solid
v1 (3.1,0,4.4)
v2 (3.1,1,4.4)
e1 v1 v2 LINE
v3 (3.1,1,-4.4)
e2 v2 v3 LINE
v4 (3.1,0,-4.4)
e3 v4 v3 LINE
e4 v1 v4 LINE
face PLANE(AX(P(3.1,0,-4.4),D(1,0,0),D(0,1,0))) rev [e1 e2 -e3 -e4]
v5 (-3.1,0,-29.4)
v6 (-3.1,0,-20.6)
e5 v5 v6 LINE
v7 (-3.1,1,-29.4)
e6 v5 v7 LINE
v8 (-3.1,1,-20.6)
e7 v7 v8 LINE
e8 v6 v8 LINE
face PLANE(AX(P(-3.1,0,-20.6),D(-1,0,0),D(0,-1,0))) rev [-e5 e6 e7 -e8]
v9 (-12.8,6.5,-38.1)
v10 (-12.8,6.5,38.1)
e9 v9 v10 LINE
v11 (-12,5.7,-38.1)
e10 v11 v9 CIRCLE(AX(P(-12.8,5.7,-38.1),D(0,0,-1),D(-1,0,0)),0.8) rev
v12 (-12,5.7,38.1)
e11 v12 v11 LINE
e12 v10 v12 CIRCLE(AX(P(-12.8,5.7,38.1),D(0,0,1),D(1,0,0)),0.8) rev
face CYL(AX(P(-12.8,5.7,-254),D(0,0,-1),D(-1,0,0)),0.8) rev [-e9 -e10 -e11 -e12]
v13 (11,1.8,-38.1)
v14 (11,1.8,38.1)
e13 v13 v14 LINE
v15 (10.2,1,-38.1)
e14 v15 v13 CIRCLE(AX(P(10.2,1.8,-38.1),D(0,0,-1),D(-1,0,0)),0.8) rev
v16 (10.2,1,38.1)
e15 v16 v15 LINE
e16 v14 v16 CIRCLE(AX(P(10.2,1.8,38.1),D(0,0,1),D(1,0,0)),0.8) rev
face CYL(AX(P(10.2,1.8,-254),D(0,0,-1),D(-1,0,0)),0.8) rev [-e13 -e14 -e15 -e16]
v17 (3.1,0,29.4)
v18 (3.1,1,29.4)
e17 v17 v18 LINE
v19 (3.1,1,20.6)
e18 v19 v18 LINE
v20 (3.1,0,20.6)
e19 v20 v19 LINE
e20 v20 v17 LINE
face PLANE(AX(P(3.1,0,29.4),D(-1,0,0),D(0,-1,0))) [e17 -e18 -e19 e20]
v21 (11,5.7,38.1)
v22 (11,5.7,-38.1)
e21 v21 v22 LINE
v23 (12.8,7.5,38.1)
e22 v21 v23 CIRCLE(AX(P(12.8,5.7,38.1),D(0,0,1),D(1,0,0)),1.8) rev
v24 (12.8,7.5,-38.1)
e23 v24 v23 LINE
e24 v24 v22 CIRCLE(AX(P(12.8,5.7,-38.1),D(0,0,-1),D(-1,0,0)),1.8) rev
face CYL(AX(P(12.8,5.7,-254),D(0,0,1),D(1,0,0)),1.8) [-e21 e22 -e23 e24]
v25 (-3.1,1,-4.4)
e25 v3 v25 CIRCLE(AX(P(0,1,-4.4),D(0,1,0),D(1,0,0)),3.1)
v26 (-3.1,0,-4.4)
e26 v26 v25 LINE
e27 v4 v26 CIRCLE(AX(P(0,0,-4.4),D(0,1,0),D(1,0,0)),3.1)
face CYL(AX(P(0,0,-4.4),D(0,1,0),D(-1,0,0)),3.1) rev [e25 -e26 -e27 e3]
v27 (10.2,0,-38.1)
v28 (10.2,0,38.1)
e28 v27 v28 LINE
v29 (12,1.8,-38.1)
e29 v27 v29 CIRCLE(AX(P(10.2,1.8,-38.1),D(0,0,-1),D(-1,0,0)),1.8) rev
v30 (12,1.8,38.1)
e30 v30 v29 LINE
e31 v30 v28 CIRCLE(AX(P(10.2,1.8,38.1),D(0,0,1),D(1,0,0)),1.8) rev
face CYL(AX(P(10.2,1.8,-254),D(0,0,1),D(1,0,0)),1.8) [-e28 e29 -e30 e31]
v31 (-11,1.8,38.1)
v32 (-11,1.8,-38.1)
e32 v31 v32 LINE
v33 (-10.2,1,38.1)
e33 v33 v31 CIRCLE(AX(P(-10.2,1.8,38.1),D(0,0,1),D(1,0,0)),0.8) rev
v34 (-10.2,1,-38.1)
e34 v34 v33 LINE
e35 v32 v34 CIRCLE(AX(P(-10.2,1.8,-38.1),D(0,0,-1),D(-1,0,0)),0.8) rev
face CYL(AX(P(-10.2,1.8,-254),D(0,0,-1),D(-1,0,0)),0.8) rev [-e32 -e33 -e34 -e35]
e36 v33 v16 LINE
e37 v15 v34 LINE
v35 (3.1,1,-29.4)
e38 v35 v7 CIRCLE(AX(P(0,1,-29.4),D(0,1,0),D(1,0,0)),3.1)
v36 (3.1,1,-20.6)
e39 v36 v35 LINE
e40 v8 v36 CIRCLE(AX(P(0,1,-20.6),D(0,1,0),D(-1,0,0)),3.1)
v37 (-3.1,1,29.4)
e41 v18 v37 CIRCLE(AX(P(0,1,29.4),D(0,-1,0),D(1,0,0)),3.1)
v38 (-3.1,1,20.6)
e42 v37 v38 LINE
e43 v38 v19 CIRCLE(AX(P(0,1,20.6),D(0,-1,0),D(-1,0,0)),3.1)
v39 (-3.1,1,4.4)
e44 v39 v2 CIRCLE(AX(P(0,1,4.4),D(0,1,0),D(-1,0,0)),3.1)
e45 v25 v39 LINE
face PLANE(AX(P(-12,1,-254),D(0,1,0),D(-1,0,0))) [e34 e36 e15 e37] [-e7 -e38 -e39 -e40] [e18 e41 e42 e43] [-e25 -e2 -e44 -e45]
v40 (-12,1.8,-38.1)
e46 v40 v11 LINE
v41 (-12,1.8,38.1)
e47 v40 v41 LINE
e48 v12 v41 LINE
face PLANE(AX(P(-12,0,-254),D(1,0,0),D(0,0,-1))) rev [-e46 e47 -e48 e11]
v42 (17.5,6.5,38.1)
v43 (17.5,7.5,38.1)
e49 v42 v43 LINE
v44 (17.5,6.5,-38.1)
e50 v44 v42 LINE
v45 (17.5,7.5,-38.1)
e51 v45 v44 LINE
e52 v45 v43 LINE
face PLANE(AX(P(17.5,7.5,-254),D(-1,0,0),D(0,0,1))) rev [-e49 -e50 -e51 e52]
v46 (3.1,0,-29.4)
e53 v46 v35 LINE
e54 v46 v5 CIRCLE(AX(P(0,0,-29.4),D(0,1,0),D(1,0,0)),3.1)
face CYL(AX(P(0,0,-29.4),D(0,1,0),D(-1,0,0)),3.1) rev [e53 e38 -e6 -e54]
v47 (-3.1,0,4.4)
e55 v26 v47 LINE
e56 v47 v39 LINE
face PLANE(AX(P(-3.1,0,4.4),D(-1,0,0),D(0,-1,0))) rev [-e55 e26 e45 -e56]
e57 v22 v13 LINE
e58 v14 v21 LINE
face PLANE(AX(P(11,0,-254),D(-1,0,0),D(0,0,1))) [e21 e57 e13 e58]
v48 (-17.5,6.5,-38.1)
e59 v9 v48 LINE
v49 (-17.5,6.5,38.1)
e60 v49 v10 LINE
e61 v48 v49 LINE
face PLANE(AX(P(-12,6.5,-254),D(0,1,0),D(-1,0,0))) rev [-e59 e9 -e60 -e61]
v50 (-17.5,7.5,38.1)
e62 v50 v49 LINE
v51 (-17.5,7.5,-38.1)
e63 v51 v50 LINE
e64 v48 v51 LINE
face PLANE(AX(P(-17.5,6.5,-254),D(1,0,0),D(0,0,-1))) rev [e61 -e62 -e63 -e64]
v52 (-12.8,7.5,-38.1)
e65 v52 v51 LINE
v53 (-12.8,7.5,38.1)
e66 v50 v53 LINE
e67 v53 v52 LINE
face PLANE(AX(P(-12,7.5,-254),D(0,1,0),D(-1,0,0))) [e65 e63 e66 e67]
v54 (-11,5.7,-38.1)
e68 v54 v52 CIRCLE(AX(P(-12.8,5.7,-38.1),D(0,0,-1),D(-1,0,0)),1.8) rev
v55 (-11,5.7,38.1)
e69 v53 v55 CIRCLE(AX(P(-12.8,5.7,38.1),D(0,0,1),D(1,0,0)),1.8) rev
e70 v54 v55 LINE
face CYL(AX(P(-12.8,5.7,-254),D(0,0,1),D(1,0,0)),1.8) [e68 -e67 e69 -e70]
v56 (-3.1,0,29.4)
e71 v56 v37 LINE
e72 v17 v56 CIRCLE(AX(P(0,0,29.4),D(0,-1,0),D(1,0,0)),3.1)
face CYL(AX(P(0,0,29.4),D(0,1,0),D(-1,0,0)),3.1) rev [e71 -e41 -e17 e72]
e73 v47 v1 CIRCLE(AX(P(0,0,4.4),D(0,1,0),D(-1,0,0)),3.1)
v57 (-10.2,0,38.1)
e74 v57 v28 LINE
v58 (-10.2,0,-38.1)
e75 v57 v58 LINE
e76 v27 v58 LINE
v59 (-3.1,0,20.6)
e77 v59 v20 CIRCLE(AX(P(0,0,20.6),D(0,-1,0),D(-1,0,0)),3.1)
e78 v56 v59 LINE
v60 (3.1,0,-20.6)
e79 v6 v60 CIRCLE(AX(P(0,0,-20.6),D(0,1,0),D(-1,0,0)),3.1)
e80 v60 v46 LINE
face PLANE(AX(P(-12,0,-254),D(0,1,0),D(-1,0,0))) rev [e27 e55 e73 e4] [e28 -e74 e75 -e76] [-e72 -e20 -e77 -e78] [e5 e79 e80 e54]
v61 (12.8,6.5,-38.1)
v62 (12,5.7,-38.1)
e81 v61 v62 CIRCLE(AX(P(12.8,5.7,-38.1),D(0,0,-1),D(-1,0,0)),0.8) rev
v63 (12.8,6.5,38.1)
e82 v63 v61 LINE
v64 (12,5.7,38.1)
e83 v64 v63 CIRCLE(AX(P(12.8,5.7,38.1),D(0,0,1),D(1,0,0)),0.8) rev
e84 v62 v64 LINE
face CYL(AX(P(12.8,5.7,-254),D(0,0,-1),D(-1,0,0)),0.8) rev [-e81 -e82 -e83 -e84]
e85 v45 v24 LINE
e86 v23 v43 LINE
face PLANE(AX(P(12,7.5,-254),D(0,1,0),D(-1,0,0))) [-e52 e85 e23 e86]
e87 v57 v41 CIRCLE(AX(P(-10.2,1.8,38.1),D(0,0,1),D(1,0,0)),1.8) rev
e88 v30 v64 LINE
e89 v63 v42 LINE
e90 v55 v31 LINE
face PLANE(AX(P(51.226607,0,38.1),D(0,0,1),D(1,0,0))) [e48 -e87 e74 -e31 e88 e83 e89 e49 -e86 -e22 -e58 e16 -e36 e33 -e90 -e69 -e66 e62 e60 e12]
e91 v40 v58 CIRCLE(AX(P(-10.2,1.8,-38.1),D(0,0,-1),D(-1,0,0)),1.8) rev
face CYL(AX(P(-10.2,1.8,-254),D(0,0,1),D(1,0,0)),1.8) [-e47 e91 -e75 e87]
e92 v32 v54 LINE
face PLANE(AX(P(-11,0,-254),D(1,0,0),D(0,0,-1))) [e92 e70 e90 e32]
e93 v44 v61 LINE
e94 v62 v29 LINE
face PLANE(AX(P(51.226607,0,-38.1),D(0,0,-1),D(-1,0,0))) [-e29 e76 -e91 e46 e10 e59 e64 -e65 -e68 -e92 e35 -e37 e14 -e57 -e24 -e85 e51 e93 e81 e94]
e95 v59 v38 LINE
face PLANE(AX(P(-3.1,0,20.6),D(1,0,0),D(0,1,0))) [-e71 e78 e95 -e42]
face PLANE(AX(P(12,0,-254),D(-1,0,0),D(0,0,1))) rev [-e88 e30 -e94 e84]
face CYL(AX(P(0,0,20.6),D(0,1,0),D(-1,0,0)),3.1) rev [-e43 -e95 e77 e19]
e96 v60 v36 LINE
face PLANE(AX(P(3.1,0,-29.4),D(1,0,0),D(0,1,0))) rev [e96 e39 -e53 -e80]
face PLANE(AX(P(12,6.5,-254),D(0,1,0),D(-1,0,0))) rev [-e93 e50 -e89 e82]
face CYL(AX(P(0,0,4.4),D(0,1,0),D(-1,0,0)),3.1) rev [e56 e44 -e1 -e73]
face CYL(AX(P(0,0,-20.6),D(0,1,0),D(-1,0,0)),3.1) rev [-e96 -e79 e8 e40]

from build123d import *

# Parameters (mm, degrees)
BASE_EXTRUDE_THIN_DEPTH = 254
FILLET1_R               = 0.8
FILLET2_R               = 1.8
CUT_EXTRUDE1_DEPTH      = 255.685099682
LPATTERN1_COUNT         = 10
LPATTERN1_PITCH         = 25
MIRROR1_COPY_1_DEPTH    = 255.685099682
MIRROR1_COPY_2_DEPTH    = 255.685099682
MIRROR1_COPY_3_DEPTH    = 255.685099682
MIRROR1_COPY_4_DEPTH    = 255.685099682
MIRROR1_COPY_5_DEPTH    = 255.685099682
MIRROR1_COPY_6_DEPTH    = 255.685099682
MIRROR1_COPY_7_DEPTH    = 255.685099682
MIRROR1_COPY_8_DEPTH    = 255.685099682
MIRROR1_COPY_9_DEPTH    = 255.685099682
MIRROR1_COPY_10_DEPTH   = 255.685099682
SKETCH3_OUTSIDE_W       = 138.852
SKETCH3_OUTSIDE_H       = 611.852
SKETCH3_OUTSIDE_W_2     = 99.454563768
SKETCH3_OUTSIDE_H_2     = 76.2
CUT_EXTRUDE2_3_DEPTH    = 255.712583121


with BuildPart() as part:
    # Sketch1 → Base-Extrude-Thin (new, symmetric)
    with BuildSketch(Plane.XY):
        Polygon((-17.5, 6.5), (-12, 6.5), (-12, 0), (12, 0), (12, 6.5), (17.5, 6.5), (17.5, 7.5), (11, 7.5), (11, 1), (-11, 1), (-11, 7.5), (-17.5, 7.5), align=None)
    extrude(amount=BASE_EXTRUDE_THIN_DEPTH, both=True)

    # Fillet1
    fillet1_edges = [part.edges().sort_by_distance(p)[0] for p in [
        (-11, 1, 0),
        (11, 1, 0),
        (12, 6.5, 0),
        (-12, 6.5, 0),
    ]]
    fillet(fillet1_edges, radius=FILLET1_R)

    # Fillet2
    fillet2_edges = [part.edges().sort_by_distance(p)[0] for p in [
        (-11, 7.5, 0),
        (11, 7.5, 0),
        (12, 0, 0),
        (-12, 0, 0),
    ]]
    fillet(fillet2_edges, radius=FILLET2_R)

    # Sketch2 → Cut-Extrude1 (cut, through all)
    with BuildSketch(Plane(origin=(0, 1, 0), x_dir=(-1, 0, 0), z_dir=(0, 1, 0))):
        with BuildLine():
            Line((3.1, 4.4), (3.1, -4.4))
            ThreePointArc((3.1, -4.4), (0, -7.5), (-3.1, -4.4))
            Line((-3.1, -4.4), (-3.1, 4.4))
            ThreePointArc((-3.1, 4.4), (0, 7.5), (3.1, 4.4))
        make_face()
    cut_extrude1 = extrude(amount=-CUT_EXTRUDE1_DEPTH, mode=Mode.SUBTRACT)

    # LPattern1: Cut-Extrude1 ×10
    with Locations(*[(0, 0, -i * LPATTERN1_PITCH) for i in range(1, LPATTERN1_COUNT)]):
        add(cut_extrude1, mode=Mode.SUBTRACT)

    # Mirror1 copy 1 sketch → Mirror1 copy 1 (cut, through all)
    with BuildSketch(Plane(origin=(0, 1, 25), x_dir=(-1, 0, 0), z_dir=(0, 1, 0))):
        with BuildLine():
            Line((3.1, -4.4), (3.1, 4.4))
            ThreePointArc((3.1, 4.4), (0, 7.5), (-3.1, 4.4))
            Line((-3.1, 4.4), (-3.1, -4.4))
            ThreePointArc((-3.1, -4.4), (0, -7.5), (3.1, -4.4))
        make_face()
    extrude(amount=-MIRROR1_COPY_1_DEPTH, mode=Mode.SUBTRACT)

    # Mirror1 copy 2 sketch → Mirror1 copy 2 (cut, through all)
    with BuildSketch(Plane(origin=(0, 1, 50), x_dir=(-1, 0, 0), z_dir=(0, 1, 0))):
        with BuildLine():
            Line((3.1, -4.4), (3.1, 4.4))
            ThreePointArc((3.1, 4.4), (0, 7.5), (-3.1, 4.4))
            Line((-3.1, 4.4), (-3.1, -4.4))
            ThreePointArc((-3.1, -4.4), (0, -7.5), (3.1, -4.4))
        make_face()
    extrude(amount=-MIRROR1_COPY_2_DEPTH, mode=Mode.SUBTRACT)

    # Mirror1 copy 3 sketch → Mirror1 copy 3 (cut, through all)
    with BuildSketch(Plane(origin=(0, 1, 75), x_dir=(-1, 0, 0), z_dir=(0, 1, 0))):
        with BuildLine():
            Line((3.1, -4.4), (3.1, 4.4))
            ThreePointArc((3.1, 4.4), (0, 7.5), (-3.1, 4.4))
            Line((-3.1, 4.4), (-3.1, -4.4))
            ThreePointArc((-3.1, -4.4), (0, -7.5), (3.1, -4.4))
        make_face()
    extrude(amount=-MIRROR1_COPY_3_DEPTH, mode=Mode.SUBTRACT)

    # Mirror1 copy 4 sketch → Mirror1 copy 4 (cut, through all)
    with BuildSketch(Plane(origin=(0, 1, 100), x_dir=(-1, 0, 0), z_dir=(0, 1, 0))):
        with BuildLine():
            Line((3.1, -4.4), (3.1, 4.4))
            ThreePointArc((3.1, 4.4), (0, 7.5), (-3.1, 4.4))
            Line((-3.1, 4.4), (-3.1, -4.4))
            ThreePointArc((-3.1, -4.4), (0, -7.5), (3.1, -4.4))
        make_face()
    extrude(amount=-MIRROR1_COPY_4_DEPTH, mode=Mode.SUBTRACT)

    # Mirror1 copy 5 sketch → Mirror1 copy 5 (cut, through all)
    with BuildSketch(Plane(origin=(0, 1, 125), x_dir=(-1, 0, 0), z_dir=(0, 1, 0))):
        with BuildLine():
            Line((3.1, -4.4), (3.1, 4.4))
            ThreePointArc((3.1, 4.4), (0, 7.5), (-3.1, 4.4))
            Line((-3.1, 4.4), (-3.1, -4.4))
            ThreePointArc((-3.1, -4.4), (0, -7.5), (3.1, -4.4))
        make_face()
    extrude(amount=-MIRROR1_COPY_5_DEPTH, mode=Mode.SUBTRACT)

    # Mirror1 copy 6 sketch → Mirror1 copy 6 (cut, through all)
    with BuildSketch(Plane(origin=(0, 1, 150), x_dir=(-1, 0, 0), z_dir=(0, 1, 0))):
        with BuildLine():
            Line((3.1, -4.4), (3.1, 4.4))
            ThreePointArc((3.1, 4.4), (0, 7.5), (-3.1, 4.4))
            Line((-3.1, 4.4), (-3.1, -4.4))
            ThreePointArc((-3.1, -4.4), (0, -7.5), (3.1, -4.4))
        make_face()
    extrude(amount=-MIRROR1_COPY_6_DEPTH, mode=Mode.SUBTRACT)

    # Mirror1 copy 7 sketch → Mirror1 copy 7 (cut, through all)
    with BuildSketch(Plane(origin=(0, 1, 175), x_dir=(-1, 0, 0), z_dir=(0, 1, 0))):
        with BuildLine():
            Line((3.1, -4.4), (3.1, 4.4))
            ThreePointArc((3.1, 4.4), (0, 7.5), (-3.1, 4.4))
            Line((-3.1, 4.4), (-3.1, -4.4))
            ThreePointArc((-3.1, -4.4), (0, -7.5), (3.1, -4.4))
        make_face()
    extrude(amount=-MIRROR1_COPY_7_DEPTH, mode=Mode.SUBTRACT)

    # Mirror1 copy 8 sketch → Mirror1 copy 8 (cut, through all)
    with BuildSketch(Plane(origin=(0, 1, 200), x_dir=(-1, 0, 0), z_dir=(0, 1, 0))):
        with BuildLine():
            Line((3.1, -4.4), (3.1, 4.4))
            ThreePointArc((3.1, 4.4), (0, 7.5), (-3.1, 4.4))
            Line((-3.1, 4.4), (-3.1, -4.4))
            ThreePointArc((-3.1, -4.4), (0, -7.5), (3.1, -4.4))
        make_face()
    extrude(amount=-MIRROR1_COPY_8_DEPTH, mode=Mode.SUBTRACT)

    # Mirror1 copy 9 sketch → Mirror1 copy 9 (cut, through all)
    with BuildSketch(Plane(origin=(0, 1, 225), x_dir=(-1, 0, 0), z_dir=(0, 1, 0))):
        with BuildLine():
            Line((3.1, -4.4), (3.1, 4.4))
            ThreePointArc((3.1, 4.4), (0, 7.5), (-3.1, 4.4))
            Line((-3.1, 4.4), (-3.1, -4.4))
            ThreePointArc((-3.1, -4.4), (0, -7.5), (3.1, -4.4))
        make_face()
    extrude(amount=-MIRROR1_COPY_9_DEPTH, mode=Mode.SUBTRACT)

    # Mirror1 copy 10 sketch → Mirror1 copy 10 (cut, through all)
    with BuildSketch(Plane(origin=(0, 1, 0), x_dir=(-1, 0, 0), z_dir=(0, 1, 0))):
        with BuildLine():
            Line((3.1, -4.4), (3.1, 4.4))
            ThreePointArc((3.1, 4.4), (0, 7.5), (-3.1, 4.4))
            Line((-3.1, 4.4), (-3.1, -4.4))
            ThreePointArc((-3.1, -4.4), (0, -7.5), (3.1, -4.4))
        make_face()
    extrude(amount=-MIRROR1_COPY_10_DEPTH, mode=Mode.SUBTRACT)

    # Sketch3 outside → Cut-Extrude2 (3") (cut, through all)
    with BuildSketch(Plane(origin=(0, 7.5, 0), x_dir=(-1, 0, 0), z_dir=(0, 1, 0))):
        Rectangle(SKETCH3_OUTSIDE_W, SKETCH3_OUTSIDE_H)
        with Locations((-1.499324946, 0)):
            Rectangle(SKETCH3_OUTSIDE_W_2, SKETCH3_OUTSIDE_H_2, mode=Mode.SUBTRACT)
    extrude(amount=-CUT_EXTRUDE2_3_DEPTH, mode=Mode.SUBTRACT)


solid = part.part
